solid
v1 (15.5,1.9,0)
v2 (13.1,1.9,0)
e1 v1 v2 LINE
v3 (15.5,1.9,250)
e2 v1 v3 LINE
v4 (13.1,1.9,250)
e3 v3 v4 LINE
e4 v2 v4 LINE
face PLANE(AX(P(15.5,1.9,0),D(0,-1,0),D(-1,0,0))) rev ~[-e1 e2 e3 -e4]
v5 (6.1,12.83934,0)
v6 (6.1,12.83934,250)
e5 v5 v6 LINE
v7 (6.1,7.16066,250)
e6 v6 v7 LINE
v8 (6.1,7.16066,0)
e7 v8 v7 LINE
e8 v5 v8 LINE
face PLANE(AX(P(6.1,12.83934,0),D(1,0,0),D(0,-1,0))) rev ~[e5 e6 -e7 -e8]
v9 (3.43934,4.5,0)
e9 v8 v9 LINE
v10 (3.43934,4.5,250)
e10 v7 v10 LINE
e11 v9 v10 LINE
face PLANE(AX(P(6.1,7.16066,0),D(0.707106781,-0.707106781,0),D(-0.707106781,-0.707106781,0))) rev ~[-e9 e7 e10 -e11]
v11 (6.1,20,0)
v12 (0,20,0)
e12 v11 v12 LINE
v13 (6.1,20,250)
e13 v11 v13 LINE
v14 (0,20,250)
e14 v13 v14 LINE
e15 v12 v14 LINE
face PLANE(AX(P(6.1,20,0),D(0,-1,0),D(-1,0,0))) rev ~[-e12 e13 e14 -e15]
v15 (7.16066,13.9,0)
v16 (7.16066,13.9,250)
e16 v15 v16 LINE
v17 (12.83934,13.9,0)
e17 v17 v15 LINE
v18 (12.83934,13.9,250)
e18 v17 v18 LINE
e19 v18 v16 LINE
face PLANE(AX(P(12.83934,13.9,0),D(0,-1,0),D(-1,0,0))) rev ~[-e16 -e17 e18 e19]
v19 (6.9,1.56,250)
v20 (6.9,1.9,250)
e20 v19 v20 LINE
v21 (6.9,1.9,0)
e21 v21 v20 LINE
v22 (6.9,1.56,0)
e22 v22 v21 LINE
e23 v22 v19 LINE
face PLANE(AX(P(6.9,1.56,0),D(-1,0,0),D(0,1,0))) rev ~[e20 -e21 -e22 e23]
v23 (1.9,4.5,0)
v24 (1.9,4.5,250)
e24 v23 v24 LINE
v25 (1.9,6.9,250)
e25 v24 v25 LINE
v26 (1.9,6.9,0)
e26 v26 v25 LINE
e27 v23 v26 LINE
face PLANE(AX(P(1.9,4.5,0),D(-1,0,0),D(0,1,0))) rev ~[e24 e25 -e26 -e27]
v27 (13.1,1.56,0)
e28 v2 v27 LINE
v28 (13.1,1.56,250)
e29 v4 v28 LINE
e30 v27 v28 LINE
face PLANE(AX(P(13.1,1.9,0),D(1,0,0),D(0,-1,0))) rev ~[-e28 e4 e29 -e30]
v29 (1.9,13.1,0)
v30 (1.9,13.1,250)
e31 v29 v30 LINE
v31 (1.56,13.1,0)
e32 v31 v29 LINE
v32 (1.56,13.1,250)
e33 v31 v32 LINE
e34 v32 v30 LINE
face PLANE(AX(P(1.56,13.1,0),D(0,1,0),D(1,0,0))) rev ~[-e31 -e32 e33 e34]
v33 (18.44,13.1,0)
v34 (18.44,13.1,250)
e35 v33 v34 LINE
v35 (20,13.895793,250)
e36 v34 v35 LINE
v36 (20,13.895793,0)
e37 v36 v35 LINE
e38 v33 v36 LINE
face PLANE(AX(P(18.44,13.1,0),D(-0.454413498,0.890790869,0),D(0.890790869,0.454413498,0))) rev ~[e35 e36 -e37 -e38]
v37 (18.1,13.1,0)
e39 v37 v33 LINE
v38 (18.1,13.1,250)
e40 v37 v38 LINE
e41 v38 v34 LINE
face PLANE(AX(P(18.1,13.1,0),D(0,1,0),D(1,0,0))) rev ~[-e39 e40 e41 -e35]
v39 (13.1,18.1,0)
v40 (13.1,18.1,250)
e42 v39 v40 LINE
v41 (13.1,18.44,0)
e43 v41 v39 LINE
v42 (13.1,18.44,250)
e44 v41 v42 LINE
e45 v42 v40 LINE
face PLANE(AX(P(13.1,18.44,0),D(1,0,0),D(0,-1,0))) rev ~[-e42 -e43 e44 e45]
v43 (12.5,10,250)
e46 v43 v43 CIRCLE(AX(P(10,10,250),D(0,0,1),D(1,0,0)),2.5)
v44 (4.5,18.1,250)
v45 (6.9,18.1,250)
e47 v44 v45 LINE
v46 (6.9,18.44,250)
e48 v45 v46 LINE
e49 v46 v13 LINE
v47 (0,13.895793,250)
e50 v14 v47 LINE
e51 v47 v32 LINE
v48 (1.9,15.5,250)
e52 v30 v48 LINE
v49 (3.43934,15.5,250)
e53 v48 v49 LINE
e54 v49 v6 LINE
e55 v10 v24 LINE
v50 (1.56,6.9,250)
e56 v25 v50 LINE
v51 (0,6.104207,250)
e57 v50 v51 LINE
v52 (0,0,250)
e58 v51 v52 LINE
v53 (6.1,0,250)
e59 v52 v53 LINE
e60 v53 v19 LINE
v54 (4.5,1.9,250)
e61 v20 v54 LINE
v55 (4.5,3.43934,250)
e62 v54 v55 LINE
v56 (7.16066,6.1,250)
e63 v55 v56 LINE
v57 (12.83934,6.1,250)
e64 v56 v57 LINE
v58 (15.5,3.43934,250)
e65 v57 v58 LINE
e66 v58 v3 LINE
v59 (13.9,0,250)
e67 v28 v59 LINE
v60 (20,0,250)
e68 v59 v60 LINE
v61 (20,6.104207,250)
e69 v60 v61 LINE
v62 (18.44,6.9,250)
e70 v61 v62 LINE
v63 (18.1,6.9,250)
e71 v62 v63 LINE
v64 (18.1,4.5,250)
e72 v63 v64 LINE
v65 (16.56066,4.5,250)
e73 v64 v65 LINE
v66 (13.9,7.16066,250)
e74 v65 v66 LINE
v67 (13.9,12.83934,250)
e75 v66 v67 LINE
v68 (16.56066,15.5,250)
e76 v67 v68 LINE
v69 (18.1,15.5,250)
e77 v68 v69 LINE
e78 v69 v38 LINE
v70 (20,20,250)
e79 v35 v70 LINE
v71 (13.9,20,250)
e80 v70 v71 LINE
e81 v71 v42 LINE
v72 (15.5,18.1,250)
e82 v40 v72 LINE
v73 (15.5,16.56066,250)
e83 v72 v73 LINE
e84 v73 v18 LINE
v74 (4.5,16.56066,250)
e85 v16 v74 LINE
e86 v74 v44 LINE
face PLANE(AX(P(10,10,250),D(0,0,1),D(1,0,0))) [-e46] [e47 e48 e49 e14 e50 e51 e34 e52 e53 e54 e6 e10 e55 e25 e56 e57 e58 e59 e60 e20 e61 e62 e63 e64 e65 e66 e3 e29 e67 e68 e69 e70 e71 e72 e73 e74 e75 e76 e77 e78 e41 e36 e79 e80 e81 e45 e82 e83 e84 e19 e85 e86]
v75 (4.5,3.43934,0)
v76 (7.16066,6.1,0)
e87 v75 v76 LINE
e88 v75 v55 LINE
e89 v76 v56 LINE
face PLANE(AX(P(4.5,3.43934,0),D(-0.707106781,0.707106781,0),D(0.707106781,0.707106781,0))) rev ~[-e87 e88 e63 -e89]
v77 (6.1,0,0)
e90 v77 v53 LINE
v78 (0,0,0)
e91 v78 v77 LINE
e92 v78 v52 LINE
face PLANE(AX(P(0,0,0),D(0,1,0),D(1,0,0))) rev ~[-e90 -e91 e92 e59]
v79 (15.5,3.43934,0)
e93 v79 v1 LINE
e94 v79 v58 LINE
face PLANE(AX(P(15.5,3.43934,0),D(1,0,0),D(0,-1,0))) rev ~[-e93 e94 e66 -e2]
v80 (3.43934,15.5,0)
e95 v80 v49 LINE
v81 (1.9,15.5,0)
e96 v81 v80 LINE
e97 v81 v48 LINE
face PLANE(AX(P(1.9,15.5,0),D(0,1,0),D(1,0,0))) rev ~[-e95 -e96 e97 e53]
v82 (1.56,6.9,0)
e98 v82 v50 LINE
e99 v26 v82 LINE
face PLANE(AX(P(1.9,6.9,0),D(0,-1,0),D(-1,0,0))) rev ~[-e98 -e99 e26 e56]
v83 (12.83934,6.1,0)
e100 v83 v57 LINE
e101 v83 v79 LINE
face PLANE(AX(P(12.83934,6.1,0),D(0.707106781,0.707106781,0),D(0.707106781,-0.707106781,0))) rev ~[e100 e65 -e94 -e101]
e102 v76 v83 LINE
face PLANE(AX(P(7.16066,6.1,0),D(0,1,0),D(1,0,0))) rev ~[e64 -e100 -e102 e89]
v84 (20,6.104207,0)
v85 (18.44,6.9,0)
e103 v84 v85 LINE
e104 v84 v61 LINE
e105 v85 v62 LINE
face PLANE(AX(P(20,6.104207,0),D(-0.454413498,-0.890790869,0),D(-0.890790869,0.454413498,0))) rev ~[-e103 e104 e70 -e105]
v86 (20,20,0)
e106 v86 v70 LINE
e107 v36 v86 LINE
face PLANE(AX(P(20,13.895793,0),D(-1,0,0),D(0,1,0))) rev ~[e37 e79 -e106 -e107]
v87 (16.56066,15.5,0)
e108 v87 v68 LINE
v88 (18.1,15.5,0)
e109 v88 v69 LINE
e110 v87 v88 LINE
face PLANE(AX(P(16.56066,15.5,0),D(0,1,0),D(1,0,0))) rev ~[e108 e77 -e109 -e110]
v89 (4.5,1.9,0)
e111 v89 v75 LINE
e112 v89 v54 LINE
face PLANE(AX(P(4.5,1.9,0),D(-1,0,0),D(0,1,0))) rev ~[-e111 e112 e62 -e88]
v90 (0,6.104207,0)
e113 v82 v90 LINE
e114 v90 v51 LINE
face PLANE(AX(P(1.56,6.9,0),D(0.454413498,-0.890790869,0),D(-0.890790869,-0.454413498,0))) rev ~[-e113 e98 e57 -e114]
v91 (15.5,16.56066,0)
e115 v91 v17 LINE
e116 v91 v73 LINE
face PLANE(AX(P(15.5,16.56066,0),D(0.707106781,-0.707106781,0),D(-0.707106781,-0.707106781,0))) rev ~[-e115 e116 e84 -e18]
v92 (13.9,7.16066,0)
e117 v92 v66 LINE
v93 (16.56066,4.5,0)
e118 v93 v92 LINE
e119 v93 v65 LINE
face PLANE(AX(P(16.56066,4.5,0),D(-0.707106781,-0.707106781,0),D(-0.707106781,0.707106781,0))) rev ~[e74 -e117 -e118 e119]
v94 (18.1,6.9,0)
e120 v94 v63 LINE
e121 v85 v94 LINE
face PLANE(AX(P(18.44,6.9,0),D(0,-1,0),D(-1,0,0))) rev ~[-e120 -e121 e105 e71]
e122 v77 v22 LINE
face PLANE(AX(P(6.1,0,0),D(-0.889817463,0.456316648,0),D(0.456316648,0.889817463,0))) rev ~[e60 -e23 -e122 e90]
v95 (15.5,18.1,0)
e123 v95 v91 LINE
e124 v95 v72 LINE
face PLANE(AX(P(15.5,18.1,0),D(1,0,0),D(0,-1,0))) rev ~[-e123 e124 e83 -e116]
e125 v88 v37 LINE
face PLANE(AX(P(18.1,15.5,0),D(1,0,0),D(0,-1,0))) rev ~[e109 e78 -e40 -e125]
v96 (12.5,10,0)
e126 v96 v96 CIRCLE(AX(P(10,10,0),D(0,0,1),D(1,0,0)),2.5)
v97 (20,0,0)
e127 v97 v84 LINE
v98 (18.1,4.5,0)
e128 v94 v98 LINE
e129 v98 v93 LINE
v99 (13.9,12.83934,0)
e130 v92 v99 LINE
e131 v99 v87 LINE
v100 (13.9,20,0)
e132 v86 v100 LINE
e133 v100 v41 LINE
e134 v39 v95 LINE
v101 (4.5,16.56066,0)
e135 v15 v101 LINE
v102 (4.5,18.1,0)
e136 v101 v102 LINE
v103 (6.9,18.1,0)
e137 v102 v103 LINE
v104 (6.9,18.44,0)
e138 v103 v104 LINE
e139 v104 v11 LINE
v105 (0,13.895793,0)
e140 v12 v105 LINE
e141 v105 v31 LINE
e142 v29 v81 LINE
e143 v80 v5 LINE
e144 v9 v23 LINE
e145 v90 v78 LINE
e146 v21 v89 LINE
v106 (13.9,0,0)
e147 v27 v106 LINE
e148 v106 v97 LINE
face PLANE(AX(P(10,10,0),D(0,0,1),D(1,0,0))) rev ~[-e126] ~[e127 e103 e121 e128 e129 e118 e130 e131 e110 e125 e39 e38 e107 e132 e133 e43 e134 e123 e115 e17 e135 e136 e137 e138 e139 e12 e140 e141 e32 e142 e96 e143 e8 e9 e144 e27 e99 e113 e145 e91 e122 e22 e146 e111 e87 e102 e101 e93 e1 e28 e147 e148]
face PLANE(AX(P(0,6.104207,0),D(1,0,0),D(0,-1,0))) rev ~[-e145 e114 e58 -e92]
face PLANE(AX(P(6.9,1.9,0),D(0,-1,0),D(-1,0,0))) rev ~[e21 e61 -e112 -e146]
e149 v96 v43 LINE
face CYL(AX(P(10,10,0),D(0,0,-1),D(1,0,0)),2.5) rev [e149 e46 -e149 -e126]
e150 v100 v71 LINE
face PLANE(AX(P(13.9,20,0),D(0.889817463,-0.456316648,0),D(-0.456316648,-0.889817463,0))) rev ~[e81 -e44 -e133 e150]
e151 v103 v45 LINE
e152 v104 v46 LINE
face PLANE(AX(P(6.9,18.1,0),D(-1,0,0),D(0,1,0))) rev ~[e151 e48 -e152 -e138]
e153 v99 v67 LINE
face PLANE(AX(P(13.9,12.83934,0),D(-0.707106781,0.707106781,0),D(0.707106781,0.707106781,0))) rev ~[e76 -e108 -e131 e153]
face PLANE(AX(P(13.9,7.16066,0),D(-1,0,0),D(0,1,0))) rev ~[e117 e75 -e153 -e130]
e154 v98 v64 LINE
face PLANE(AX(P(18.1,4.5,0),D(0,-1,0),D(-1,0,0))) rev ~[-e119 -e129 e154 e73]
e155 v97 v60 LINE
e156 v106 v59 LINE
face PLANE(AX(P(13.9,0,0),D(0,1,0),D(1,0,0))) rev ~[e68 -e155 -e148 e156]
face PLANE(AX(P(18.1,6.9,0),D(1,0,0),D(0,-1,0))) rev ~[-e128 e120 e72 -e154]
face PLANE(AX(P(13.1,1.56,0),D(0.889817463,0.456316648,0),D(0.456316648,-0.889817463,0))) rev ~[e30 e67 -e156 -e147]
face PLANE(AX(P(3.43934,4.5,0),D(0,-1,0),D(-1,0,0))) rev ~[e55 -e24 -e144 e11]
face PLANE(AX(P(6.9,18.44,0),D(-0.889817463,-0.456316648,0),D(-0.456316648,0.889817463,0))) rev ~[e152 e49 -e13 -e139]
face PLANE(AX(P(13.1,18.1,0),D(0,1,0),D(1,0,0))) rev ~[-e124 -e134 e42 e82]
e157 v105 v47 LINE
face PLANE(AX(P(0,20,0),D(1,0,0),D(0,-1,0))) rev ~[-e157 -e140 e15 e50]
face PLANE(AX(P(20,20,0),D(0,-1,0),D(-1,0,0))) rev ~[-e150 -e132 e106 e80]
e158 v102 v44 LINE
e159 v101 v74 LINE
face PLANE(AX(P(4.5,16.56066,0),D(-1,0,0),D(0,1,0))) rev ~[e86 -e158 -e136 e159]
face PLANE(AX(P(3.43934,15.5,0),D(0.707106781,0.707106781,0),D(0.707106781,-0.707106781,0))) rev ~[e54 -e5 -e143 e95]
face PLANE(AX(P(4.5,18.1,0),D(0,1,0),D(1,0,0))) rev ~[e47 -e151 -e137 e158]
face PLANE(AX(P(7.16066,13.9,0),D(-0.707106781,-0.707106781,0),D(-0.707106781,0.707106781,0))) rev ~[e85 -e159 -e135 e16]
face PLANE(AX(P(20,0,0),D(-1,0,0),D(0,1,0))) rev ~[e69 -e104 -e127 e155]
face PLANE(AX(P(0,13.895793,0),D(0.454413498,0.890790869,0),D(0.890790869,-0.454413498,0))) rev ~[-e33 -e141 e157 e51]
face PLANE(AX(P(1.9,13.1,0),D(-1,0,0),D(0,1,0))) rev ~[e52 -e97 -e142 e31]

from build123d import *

# Parameters (mm, degrees)
SKETCH1_R           = 2.5
BOSS_EXTRUDE1_DEPTH = 250


with BuildPart() as part:
    # Sketch1 → Boss-Extrude1 (new body)
    with BuildSketch(Plane.XY):
        Polygon((6.1, 20), (0, 20), (0, 13.895792909), (1.56, 13.1), (1.9, 13.1), (1.9, 15.5), (3.439339828, 15.5), (6.1, 12.839339828), (6.1, 7.160660172), (3.439339828, 4.5), (1.9, 4.5), (1.9, 6.9), (1.56, 6.9), (0, 6.104207091), (0, 0), (6.1, 0), (6.9, 1.56), (6.9, 1.9), (4.5, 1.9), (4.5, 3.439339828), (7.160660172, 6.1), (12.839339828, 6.1), (15.5, 3.439339828), (15.5, 1.9), (13.1, 1.9), (13.1, 1.56), (13.9, 0), (20, 0), (20, 6.104207091), (18.44, 6.9), (18.1, 6.9), (18.1, 4.5), (16.560660172, 4.5), (13.9, 7.160660172), (13.9, 12.839339828), (16.560660172, 15.5), (18.1, 15.5), (18.1, 13.1), (18.44, 13.1), (20, 13.895792909), (20, 20), (13.9, 20), (13.1, 18.44), (13.1, 18.1), (15.5, 18.1), (15.5, 16.560660172), (12.839339828, 13.9), (7.160660172, 13.9), (4.5, 16.560660172), (4.5, 18.1), (6.9, 18.1), (6.9, 18.44), align=None)
        with Locations((10, 10)):
            Circle(SKETCH1_R, mode=Mode.SUBTRACT)
    extrude(amount=BOSS_EXTRUDE1_DEPTH)


solid = part.part
